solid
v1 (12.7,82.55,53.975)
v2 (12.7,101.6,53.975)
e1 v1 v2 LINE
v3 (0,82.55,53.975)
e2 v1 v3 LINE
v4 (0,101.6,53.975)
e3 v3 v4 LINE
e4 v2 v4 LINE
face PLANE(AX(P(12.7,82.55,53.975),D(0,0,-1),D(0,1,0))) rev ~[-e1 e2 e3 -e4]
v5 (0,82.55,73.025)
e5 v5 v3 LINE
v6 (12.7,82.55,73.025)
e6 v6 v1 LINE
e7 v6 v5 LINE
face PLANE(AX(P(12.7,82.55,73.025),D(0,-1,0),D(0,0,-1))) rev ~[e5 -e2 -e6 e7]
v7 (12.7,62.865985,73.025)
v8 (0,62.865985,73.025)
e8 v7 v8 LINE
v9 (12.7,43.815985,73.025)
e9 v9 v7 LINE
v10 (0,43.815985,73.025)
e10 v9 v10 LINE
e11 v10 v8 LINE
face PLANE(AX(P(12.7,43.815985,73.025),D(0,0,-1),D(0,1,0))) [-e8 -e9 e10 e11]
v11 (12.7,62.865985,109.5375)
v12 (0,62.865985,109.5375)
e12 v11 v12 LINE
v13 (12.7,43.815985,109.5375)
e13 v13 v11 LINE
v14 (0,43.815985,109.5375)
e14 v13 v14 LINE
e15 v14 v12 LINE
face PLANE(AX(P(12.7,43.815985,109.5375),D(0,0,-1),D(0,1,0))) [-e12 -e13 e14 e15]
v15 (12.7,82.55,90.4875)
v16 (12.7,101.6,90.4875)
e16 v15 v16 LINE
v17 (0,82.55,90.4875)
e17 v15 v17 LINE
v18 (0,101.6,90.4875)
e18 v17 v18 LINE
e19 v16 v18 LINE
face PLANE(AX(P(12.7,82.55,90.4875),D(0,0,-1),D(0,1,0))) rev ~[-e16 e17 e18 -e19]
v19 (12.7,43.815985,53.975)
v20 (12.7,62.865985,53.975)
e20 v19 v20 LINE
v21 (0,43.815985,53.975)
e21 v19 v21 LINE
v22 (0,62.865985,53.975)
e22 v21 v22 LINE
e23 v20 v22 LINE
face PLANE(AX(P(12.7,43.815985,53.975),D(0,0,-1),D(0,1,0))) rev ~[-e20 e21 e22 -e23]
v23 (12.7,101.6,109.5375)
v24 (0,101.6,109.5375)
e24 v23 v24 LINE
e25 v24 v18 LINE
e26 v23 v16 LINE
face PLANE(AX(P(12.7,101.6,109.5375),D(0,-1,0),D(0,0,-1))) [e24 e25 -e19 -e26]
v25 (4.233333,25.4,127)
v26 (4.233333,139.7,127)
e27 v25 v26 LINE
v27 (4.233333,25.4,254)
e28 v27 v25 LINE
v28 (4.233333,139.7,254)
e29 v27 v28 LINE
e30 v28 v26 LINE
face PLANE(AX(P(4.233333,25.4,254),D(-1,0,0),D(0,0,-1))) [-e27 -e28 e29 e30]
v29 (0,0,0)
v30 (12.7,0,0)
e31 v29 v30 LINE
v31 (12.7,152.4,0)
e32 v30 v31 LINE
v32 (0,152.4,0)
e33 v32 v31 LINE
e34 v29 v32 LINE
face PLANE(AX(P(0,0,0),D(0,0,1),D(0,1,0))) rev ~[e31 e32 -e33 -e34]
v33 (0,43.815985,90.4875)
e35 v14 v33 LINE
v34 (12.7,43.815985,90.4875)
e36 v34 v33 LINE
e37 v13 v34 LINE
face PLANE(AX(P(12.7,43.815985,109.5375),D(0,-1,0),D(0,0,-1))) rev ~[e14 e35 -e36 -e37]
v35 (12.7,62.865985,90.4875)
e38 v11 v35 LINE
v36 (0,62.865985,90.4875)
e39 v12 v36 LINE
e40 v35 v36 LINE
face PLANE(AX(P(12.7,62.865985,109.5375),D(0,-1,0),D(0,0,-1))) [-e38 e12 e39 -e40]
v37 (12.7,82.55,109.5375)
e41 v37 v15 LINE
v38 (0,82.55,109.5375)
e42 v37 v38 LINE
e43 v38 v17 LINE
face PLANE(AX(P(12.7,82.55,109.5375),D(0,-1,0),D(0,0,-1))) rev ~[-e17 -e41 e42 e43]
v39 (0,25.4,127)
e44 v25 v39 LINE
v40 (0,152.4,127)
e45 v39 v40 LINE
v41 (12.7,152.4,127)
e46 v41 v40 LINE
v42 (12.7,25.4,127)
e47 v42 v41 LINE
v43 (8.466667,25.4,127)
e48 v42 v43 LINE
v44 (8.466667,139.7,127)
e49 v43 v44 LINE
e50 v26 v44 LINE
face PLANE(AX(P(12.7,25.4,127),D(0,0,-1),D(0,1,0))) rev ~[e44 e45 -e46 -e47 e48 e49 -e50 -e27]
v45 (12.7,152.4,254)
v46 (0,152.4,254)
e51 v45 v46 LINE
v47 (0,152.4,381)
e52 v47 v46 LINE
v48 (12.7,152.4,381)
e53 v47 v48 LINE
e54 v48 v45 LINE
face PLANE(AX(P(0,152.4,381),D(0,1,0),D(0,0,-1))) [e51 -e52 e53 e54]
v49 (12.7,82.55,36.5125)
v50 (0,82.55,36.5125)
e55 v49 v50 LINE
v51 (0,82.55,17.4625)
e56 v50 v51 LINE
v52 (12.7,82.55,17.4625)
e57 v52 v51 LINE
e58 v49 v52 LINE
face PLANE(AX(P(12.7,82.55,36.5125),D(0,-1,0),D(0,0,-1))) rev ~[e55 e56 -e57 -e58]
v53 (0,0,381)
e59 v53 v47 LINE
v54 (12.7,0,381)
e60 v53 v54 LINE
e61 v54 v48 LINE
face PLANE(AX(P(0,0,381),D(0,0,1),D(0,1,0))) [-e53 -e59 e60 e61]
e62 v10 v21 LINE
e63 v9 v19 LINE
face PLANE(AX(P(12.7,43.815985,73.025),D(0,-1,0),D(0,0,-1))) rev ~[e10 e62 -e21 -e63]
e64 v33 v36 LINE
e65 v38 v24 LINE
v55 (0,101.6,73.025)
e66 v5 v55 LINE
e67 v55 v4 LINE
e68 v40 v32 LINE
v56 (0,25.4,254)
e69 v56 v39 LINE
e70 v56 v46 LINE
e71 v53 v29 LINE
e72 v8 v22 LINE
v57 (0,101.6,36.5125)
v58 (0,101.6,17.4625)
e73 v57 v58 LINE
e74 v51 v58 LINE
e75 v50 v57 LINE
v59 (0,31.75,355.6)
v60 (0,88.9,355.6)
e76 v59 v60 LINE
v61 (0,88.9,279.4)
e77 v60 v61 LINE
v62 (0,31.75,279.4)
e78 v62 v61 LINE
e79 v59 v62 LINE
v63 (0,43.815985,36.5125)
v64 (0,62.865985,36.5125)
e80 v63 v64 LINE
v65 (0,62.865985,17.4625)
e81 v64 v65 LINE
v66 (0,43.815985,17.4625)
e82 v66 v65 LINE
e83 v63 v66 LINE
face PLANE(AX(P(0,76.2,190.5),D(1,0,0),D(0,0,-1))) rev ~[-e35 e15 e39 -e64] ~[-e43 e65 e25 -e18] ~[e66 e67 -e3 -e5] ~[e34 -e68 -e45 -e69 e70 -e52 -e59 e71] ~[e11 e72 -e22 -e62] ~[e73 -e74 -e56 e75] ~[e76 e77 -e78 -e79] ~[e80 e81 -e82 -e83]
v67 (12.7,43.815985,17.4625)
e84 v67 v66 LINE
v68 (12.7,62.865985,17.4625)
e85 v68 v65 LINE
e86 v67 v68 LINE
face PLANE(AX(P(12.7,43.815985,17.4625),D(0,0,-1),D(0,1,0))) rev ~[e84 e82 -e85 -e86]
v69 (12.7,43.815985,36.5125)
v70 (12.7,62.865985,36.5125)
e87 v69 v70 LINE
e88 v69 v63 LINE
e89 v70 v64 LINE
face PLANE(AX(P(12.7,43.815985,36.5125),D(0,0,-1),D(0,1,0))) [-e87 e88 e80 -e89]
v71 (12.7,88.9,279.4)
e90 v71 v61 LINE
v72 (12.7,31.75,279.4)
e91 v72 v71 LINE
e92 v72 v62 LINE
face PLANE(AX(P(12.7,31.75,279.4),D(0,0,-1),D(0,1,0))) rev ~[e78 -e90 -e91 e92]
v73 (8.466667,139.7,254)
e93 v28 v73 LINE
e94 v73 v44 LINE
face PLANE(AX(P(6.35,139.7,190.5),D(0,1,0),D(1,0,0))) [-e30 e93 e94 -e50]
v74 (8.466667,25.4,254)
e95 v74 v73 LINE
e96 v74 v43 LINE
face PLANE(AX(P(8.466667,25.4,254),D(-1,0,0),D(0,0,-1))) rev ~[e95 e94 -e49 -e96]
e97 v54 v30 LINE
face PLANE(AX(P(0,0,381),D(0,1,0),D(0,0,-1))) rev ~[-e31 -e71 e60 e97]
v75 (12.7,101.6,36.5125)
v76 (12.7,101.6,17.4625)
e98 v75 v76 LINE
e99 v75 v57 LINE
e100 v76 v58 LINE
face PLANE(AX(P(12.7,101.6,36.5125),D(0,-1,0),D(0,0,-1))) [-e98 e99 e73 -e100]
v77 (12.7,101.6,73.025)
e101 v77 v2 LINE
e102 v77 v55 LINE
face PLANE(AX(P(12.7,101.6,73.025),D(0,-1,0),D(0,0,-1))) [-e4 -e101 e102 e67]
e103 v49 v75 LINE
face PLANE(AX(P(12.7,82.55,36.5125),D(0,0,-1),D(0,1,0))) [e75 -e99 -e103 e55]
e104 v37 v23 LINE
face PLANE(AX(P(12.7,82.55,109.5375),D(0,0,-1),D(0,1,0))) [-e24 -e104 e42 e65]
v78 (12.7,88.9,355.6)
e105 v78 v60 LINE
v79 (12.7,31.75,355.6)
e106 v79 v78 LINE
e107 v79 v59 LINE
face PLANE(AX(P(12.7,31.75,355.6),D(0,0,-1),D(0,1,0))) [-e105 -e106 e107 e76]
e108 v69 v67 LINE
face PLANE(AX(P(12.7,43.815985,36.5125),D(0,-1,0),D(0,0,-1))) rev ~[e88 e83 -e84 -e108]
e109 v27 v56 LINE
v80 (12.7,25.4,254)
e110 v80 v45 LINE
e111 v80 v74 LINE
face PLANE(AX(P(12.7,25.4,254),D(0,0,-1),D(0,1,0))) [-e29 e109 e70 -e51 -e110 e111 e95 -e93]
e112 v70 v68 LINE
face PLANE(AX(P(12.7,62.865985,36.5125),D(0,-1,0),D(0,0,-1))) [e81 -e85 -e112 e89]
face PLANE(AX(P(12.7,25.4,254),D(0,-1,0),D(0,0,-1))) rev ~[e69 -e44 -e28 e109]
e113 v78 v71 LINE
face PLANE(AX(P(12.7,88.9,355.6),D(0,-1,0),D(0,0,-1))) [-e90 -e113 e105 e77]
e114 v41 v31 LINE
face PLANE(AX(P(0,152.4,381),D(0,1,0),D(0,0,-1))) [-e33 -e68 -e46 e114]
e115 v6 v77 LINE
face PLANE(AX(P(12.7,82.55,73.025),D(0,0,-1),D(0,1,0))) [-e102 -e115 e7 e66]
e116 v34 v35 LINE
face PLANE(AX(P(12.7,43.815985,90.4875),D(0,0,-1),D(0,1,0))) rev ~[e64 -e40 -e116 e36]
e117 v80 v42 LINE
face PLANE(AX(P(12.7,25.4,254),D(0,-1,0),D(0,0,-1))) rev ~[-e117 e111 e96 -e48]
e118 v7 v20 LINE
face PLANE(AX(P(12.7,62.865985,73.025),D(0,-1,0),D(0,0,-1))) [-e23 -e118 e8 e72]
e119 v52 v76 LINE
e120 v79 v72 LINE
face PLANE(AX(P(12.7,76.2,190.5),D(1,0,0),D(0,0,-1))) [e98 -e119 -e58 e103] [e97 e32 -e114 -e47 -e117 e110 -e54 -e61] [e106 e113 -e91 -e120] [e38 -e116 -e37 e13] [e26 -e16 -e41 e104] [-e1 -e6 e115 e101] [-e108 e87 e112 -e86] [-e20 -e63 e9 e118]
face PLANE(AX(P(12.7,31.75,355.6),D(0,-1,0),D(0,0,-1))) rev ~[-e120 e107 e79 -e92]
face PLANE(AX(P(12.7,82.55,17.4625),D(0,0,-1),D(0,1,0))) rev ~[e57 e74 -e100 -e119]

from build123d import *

# Parameters (mm, degrees)
SKETCH1_W           = 381
SKETCH1_H           = 152.4
BOSS_EXTRUDE2_DEPTH = 12.7
SKETCH2_W           = 127
SKETCH2_H           = 127
CUT_EXTRUDE1_DEPTH  = 12.7
SKETCH3_W           = 19.05
SKETCH3_H           = 19.05
SKETCH3_W_2         = 76.2
SKETCH3_H_2         = 57.15
CUT_EXTRUDE2_DEPTH  = 12.7
SKETCH4_W           = 4.233333334
SKETCH4_H           = 127
BOSS_EXTRUDE3_DEPTH = 114.3


with BuildPart() as part:
    # Sketch1 → Boss-Extrude2 (new body)
    with BuildSketch(Plane(origin=(0, 0, 0), x_dir=(0, 0, -1), z_dir=(1, 0, 0))):
        with Locations((-190.5, 76.2)):
            Rectangle(SKETCH1_W, SKETCH1_H)
    extrude(amount=BOSS_EXTRUDE2_DEPTH)

    # Sketch2 → Cut-Extrude1 (cut)
    with BuildSketch(Plane(origin=(12.7, 0, 0), x_dir=(0, 0, -1), z_dir=(1, 0, 0))):
        with Locations((-190.5, 88.9)):
            Rectangle(SKETCH2_W, SKETCH2_H)
    extrude(amount=-CUT_EXTRUDE1_DEPTH, mode=Mode.SUBTRACT)

    # Sketch3 → Cut-Extrude2 (cut)
    with BuildSketch(Plane(origin=(12.7, 0, 0), x_dir=(0, 0, -1), z_dir=(1, 0, 0))):
        with Locations((-100.0125, 92.075)):
            Rectangle(SKETCH3_W, SKETCH3_H)
        with Locations((-63.5, 92.075)):
            Rectangle(SKETCH3_W, SKETCH3_H)
        with Locations((-26.9875, 92.075)):
            Rectangle(SKETCH3_W, SKETCH3_H)
        with Locations((-100.0125, 53.340985209)):
            Rectangle(SKETCH3_W, SKETCH3_H)
        with Locations((-63.5, 53.340985209)):
            Rectangle(SKETCH3_W, SKETCH3_H)
        with Locations((-26.9875, 53.340985209)):
            Rectangle(SKETCH3_W, SKETCH3_H)
        with Locations((-317.5, 60.325)):
            Rectangle(SKETCH3_W_2, SKETCH3_H_2)
    extrude(amount=-CUT_EXTRUDE2_DEPTH, mode=Mode.SUBTRACT)

    # Sketch4 → Boss-Extrude3 (add)
    with BuildSketch(Plane(origin=(0, 25.4, 0), x_dir=(1, 0, 0), z_dir=(0, 1, 0))):
        with Locations((6.35, -190.5)):
            Rectangle(SKETCH4_W, SKETCH4_H)
    extrude(amount=BOSS_EXTRUDE3_DEPTH)


solid = part.part
